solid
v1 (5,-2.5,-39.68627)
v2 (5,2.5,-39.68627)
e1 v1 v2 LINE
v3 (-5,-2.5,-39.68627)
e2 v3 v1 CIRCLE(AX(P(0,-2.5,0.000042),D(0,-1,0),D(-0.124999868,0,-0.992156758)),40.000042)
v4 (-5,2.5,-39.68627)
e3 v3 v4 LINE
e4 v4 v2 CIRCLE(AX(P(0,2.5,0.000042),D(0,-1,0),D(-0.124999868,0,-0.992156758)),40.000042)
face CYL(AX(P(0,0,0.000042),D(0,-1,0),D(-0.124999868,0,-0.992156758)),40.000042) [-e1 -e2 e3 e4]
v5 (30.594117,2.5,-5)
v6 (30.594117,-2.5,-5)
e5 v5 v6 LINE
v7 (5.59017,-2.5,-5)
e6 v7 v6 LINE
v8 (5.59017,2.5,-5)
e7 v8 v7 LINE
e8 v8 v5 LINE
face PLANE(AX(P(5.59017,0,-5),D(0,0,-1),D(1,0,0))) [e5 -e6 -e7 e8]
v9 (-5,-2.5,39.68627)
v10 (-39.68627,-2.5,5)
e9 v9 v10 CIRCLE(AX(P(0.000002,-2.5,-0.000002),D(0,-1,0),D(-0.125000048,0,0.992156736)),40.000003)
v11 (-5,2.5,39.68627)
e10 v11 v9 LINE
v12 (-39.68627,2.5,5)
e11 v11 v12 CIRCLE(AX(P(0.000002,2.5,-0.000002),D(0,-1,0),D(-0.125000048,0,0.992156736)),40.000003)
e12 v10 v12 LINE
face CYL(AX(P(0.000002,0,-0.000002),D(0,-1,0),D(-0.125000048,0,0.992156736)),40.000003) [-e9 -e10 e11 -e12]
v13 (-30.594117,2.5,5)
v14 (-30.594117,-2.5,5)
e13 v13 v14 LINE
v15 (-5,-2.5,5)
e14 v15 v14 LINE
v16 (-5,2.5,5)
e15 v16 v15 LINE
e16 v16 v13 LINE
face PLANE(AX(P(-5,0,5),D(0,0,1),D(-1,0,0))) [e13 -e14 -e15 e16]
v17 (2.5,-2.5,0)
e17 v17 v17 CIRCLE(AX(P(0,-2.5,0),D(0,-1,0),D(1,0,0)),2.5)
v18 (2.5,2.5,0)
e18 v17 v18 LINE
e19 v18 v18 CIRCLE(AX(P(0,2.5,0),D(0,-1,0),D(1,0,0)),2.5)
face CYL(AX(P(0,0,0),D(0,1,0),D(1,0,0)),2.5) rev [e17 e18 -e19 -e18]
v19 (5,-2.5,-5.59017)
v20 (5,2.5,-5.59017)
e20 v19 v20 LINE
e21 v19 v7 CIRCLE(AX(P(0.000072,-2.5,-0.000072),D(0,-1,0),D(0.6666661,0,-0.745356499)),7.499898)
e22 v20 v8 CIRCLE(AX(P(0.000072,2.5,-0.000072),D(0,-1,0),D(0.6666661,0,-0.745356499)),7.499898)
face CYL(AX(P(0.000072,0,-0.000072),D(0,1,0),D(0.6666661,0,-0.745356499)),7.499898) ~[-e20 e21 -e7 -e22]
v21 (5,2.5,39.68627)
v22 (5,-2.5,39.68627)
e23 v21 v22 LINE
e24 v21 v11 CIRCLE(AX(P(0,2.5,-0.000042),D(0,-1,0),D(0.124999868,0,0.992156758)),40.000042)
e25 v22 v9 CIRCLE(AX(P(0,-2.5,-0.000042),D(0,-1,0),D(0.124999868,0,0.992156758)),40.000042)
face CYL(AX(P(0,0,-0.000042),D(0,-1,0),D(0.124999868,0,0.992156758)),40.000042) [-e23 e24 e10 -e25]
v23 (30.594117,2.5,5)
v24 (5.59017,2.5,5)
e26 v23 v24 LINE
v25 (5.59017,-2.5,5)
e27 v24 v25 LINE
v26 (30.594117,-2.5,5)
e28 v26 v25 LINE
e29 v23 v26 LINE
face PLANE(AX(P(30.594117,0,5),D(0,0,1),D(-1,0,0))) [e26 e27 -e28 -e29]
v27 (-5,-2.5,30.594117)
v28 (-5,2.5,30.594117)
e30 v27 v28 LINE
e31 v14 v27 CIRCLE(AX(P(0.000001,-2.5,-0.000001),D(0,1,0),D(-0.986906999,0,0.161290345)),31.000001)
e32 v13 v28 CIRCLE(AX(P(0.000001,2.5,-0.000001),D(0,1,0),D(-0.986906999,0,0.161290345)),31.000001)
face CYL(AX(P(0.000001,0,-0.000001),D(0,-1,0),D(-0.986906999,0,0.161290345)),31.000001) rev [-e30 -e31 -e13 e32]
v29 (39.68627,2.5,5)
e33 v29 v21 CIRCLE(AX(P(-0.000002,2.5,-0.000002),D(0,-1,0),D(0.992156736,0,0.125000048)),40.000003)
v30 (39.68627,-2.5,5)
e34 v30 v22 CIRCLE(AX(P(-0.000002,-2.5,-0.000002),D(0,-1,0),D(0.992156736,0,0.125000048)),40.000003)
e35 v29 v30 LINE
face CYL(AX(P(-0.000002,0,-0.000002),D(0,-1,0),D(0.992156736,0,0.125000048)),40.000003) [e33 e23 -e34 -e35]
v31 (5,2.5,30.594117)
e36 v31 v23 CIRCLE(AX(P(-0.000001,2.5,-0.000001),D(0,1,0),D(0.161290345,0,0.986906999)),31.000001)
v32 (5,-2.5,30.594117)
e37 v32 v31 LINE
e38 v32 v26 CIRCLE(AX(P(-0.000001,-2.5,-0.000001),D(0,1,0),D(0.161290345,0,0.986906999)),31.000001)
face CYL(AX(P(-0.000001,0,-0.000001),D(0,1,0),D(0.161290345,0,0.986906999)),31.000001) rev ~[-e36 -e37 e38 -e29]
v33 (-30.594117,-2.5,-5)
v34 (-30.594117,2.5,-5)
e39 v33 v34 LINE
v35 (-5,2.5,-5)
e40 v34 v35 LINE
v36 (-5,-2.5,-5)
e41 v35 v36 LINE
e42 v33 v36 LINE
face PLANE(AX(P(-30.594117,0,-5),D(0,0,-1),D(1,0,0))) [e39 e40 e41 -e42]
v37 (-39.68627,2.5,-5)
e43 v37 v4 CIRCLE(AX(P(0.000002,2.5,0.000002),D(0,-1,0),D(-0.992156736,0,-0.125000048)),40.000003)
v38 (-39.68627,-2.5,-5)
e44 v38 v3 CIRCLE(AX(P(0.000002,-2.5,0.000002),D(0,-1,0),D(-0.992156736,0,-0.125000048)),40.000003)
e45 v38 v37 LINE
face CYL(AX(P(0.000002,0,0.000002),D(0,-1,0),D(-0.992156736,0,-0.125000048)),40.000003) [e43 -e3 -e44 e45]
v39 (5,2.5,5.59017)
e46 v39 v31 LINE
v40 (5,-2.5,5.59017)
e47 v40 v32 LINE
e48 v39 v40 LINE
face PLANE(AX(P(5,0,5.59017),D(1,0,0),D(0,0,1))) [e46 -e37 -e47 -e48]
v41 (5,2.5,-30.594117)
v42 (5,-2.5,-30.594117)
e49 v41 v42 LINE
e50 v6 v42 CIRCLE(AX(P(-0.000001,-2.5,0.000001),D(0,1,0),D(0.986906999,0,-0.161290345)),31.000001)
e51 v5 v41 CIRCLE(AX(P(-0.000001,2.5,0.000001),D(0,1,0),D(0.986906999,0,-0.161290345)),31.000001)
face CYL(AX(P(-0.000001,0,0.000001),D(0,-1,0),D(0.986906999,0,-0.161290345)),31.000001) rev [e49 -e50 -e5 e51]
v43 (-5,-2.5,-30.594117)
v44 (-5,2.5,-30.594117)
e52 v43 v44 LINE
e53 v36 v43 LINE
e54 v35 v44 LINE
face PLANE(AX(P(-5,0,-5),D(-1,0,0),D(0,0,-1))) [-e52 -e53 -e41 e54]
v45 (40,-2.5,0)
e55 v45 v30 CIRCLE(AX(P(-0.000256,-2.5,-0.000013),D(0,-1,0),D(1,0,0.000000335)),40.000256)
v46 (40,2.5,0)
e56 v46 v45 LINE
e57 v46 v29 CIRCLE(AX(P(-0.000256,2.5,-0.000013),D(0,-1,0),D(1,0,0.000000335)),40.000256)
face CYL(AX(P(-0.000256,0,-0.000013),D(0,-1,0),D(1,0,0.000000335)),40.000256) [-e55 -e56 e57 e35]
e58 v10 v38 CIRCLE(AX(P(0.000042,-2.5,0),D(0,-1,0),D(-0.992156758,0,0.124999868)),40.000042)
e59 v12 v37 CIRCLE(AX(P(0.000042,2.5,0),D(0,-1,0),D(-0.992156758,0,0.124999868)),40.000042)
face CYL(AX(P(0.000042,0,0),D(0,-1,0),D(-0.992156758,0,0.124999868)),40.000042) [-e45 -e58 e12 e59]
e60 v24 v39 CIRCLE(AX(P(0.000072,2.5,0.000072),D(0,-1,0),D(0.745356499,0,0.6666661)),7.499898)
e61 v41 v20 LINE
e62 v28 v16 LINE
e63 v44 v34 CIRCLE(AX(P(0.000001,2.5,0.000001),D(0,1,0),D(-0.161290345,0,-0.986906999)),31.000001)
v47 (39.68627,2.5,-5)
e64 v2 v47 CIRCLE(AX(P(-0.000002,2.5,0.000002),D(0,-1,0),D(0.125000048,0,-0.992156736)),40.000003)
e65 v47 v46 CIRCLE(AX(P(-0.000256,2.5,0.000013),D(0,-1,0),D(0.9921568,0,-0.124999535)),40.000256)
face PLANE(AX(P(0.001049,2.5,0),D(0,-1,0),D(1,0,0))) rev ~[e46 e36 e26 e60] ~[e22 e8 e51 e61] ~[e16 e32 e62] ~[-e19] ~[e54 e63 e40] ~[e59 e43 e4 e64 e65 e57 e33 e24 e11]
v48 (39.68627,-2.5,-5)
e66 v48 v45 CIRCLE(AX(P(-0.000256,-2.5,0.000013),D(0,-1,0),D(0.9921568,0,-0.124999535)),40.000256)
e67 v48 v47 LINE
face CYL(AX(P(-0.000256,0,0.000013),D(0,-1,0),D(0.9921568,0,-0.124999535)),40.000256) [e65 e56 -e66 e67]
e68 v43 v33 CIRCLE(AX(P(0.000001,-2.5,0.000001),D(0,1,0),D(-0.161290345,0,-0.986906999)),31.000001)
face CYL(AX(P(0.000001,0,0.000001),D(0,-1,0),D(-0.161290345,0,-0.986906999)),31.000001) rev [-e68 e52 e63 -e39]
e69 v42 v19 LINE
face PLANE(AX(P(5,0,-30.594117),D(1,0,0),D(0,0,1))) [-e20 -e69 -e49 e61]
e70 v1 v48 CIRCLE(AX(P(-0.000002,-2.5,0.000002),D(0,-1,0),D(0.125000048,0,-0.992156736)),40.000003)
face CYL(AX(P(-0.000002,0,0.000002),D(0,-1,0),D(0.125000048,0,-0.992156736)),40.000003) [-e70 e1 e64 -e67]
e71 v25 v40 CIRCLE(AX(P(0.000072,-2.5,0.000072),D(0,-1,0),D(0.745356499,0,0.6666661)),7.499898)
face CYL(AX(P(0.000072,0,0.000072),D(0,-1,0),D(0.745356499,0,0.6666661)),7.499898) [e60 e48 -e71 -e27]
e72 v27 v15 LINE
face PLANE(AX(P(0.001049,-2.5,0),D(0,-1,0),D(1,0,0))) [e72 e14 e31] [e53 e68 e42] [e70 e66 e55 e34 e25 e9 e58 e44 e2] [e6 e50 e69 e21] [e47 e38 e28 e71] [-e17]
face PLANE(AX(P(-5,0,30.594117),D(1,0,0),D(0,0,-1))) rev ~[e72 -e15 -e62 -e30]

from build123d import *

# Parameters (mm, degrees)
F0_R     = 2.5
F1_DEPTH = 2.5


with BuildPart() as f1:
    # F0 (on Front) → F1 (new body, symmetric)
    with BuildSketch(Plane.XZ):
        with BuildLine():
            ThreePointArc((39.68627, -5), (39.92149, -2.504917), (40, 0))
            ThreePointArc((40, 0), (39.92149, 2.504917), (39.68627, 5))
            ThreePointArc((39.68627, 5), (28.284271, 28.284271), (5, 39.68627))
            ThreePointArc((5, 39.68627), (0, 40), (-5, 39.68627))
            ThreePointArc((-5, 39.68627), (-28.284271, 28.284271), (-39.68627, 5))
            ThreePointArc((-39.68627, 5), (-40, 0), (-39.68627, -5))
            ThreePointArc((-39.68627, -5), (-28.284271, -28.284271), (-5, -39.68627))
            ThreePointArc((-5, -39.68627), (0, -40), (5, -39.68627))
            ThreePointArc((5, -39.68627), (28.284271, -28.284271), (39.68627, -5))
        make_face()
        with BuildLine():
            Line((-5.59017, -5), (-5, -5))
            Line((-5, -5), (-5, -30.594117))
            ThreePointArc((-5, -30.594117), (-21.92031, -21.92031), (-30.594117, -5))
            Line((-30.594117, -5), (-5.59017, -5))
        make_face(mode=Mode.SUBTRACT)
        with BuildLine():
            Line((5, -30.594117), (5, -5.59017))
            ThreePointArc((5, -5.59017), (5.303301, -5.303301), (5.59017, -5))
            Line((5.59017, -5), (30.594117, -5))
            ThreePointArc((30.594117, -5), (21.92031, -21.92031), (5, -30.594117))
        make_face(mode=Mode.SUBTRACT)
        with BuildLine():
            Line((-5, 30.594117), (-5, 5))
            Line((-5, 5), (-30.594117, 5))
            ThreePointArc((-30.594117, 5), (-21.92031, 21.92031), (-5, 30.594117))
        make_face(mode=Mode.SUBTRACT)
        Circle(F0_R, mode=Mode.SUBTRACT)
        with BuildLine():
            ThreePointArc((5, 30.594117), (21.92031, 21.92031), (30.594117, 5))
            Line((30.594117, 5), (5.59017, 5))
            ThreePointArc((5.59017, 5), (5.303301, 5.303301), (5, 5.59017))
            Line((5, 5.59017), (5, 30.594117))
        make_face(mode=Mode.SUBTRACT)
    extrude(amount=F1_DEPTH, both=True)


solid = f1.part
